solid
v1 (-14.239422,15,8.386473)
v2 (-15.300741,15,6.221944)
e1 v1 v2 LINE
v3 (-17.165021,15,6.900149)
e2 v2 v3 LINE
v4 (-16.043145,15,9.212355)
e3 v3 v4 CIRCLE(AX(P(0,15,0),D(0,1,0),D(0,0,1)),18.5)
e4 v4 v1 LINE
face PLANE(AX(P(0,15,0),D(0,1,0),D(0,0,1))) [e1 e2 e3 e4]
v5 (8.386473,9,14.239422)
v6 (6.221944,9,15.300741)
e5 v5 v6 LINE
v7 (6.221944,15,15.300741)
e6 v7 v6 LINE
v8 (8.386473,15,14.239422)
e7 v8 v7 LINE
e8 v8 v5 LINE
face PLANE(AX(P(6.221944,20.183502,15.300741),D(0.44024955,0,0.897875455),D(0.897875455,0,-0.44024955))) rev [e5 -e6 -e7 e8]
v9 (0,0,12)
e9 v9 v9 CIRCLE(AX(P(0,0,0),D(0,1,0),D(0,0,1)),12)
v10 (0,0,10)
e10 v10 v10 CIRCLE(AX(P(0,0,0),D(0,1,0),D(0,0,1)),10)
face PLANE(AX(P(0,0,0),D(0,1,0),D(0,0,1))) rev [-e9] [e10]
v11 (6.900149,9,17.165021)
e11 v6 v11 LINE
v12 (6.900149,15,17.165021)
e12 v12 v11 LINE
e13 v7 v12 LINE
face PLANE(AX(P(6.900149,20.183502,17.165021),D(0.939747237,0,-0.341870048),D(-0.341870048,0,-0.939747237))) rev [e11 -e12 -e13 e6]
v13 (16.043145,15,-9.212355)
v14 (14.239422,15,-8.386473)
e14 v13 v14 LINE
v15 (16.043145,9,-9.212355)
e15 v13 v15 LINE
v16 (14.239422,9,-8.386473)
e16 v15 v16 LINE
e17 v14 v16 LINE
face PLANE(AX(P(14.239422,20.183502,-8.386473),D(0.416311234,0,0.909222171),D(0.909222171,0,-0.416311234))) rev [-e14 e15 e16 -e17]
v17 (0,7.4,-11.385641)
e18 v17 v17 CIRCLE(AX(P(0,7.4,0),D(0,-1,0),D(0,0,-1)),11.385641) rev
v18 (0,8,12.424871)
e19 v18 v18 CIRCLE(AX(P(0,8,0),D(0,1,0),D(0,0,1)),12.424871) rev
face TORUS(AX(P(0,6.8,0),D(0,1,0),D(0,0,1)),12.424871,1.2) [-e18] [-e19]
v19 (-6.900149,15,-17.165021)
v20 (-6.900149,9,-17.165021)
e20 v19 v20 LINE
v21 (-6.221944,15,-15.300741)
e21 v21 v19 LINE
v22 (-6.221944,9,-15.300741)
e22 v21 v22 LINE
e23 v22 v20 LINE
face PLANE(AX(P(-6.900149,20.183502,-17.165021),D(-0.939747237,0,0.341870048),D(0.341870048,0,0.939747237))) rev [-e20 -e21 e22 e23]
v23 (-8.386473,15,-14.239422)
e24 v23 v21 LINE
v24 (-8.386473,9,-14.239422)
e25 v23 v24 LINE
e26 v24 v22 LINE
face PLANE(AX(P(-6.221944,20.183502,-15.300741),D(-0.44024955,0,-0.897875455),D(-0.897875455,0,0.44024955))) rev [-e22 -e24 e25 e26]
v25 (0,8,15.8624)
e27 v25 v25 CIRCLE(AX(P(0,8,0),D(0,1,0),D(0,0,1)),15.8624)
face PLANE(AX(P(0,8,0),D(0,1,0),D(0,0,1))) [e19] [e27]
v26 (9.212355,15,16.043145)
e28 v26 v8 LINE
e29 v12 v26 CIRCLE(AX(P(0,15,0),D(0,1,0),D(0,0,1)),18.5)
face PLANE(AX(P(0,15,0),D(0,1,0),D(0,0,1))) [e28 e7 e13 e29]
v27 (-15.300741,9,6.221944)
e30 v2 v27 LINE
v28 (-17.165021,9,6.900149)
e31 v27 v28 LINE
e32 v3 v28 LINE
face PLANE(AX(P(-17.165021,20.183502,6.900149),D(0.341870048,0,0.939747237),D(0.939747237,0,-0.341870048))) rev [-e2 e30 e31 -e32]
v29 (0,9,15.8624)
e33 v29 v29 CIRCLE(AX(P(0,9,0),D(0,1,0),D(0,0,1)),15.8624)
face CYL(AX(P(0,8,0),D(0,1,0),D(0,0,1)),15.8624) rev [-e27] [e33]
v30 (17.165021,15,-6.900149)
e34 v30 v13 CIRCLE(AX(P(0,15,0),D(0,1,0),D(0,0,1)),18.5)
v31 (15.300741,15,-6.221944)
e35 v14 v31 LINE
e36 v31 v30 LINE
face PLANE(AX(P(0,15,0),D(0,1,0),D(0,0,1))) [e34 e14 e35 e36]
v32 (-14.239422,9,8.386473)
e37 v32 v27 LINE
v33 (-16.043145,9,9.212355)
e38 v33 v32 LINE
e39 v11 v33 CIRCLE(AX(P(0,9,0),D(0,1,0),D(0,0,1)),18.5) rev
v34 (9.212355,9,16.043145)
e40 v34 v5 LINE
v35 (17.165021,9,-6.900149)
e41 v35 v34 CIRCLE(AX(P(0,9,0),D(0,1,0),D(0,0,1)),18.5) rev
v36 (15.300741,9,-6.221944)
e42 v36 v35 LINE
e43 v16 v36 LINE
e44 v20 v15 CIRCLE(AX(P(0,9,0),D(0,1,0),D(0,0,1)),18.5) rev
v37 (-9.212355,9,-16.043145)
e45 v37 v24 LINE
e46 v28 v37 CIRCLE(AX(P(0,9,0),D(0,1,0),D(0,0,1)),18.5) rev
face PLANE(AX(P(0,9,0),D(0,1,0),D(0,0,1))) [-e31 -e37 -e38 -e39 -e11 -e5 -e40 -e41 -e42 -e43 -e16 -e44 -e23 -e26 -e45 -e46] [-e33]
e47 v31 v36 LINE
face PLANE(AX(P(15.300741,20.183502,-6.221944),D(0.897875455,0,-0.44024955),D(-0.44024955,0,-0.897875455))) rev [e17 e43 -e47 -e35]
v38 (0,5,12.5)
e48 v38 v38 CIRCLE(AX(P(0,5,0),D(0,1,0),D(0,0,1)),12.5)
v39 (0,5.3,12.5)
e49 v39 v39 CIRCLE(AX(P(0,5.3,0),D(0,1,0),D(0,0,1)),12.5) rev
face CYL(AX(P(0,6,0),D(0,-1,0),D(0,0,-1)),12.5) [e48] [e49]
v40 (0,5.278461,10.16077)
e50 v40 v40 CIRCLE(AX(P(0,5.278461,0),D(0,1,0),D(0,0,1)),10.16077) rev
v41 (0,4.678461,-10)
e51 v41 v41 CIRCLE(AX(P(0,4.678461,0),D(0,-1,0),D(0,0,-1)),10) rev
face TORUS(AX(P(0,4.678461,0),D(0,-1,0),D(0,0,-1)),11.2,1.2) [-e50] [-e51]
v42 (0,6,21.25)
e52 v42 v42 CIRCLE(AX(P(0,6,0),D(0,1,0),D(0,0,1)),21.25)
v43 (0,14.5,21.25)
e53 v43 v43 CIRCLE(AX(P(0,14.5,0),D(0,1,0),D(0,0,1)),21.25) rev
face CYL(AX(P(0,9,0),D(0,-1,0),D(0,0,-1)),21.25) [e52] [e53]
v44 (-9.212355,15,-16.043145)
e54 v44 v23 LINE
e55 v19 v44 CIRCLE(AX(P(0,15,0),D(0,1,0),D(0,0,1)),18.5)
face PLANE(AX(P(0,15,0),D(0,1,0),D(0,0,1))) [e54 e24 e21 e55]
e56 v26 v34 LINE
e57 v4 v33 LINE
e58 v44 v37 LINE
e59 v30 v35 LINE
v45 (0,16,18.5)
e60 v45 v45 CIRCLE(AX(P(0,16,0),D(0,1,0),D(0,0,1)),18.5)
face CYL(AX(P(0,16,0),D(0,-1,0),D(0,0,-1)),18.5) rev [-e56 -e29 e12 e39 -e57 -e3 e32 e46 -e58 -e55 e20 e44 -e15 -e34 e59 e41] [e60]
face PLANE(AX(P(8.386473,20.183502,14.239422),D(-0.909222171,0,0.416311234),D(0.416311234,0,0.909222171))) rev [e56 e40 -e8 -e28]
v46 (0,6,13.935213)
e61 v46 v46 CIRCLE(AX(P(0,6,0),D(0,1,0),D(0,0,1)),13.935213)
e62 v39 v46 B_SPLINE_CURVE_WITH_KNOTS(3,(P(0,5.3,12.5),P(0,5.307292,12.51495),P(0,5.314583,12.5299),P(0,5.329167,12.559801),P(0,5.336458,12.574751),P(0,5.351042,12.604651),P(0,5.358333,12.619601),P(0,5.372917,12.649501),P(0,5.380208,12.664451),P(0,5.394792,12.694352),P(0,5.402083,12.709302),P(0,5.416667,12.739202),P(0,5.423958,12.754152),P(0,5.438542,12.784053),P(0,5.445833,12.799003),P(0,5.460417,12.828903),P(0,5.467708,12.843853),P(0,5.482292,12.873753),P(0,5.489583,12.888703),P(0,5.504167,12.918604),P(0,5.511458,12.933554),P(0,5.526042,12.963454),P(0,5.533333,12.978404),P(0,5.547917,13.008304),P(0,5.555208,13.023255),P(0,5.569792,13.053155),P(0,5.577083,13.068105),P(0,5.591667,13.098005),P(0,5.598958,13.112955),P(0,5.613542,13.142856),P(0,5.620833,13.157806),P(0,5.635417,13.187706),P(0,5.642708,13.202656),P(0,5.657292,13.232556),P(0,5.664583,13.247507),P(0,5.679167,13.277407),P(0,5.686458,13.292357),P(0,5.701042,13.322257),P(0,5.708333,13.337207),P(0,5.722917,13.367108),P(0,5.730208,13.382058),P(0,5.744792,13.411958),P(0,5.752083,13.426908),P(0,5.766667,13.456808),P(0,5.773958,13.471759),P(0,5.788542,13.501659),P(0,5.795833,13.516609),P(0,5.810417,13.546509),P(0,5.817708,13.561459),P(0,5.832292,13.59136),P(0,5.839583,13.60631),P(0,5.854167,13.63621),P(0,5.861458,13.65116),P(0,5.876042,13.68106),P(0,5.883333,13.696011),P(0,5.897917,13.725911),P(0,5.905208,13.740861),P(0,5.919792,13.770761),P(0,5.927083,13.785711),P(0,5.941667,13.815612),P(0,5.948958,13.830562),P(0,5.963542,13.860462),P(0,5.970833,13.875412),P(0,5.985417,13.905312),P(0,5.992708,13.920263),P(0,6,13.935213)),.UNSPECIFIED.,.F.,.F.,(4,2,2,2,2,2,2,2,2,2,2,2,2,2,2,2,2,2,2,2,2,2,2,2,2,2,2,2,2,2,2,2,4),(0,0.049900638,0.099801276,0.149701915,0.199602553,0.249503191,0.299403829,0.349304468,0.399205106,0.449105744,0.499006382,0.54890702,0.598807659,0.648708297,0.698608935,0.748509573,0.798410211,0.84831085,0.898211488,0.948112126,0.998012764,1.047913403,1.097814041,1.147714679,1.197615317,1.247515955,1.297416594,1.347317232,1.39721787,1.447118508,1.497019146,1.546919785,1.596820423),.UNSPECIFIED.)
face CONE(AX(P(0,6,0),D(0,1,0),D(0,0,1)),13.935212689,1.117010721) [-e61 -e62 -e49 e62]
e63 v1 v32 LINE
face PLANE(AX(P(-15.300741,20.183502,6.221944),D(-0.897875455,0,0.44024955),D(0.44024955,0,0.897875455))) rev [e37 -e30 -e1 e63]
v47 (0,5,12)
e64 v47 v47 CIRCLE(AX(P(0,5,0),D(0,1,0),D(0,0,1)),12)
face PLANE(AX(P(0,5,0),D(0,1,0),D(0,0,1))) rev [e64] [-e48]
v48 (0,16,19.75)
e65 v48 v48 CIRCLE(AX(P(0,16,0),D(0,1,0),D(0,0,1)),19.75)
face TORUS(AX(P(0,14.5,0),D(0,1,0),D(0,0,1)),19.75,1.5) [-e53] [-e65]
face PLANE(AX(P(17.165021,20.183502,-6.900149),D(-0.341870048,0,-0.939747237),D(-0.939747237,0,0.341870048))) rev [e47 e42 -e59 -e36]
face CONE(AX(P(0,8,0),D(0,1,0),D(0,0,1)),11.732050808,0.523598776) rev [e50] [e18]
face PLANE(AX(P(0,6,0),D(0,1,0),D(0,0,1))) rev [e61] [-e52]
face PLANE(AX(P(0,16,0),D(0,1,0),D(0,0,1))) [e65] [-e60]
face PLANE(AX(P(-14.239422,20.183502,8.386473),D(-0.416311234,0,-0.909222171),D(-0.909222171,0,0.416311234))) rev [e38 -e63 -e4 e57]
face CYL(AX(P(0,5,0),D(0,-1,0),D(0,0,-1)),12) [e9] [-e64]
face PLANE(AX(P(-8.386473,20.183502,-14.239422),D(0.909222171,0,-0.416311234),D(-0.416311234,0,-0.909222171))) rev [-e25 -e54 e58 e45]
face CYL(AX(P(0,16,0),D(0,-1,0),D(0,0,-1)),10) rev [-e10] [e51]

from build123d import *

# Parameters (mm, degrees)
SKETCH1_R               = 12
BOSS_EXTRUDE1_DEPTH     = 5
SKETCH2_R               = 12.5
BOSS_EXTRUDE2_DEPTH     = 1
SKETCH6_R               = 21.25
SKETCH6_R_2             = 18.5
SKETCH6_R_3             = 12.5
BOSS_EXTRUDE7_DEPTH     = 3
SKETCH6_3_R             = 21.25
SKETCH6_3_R_2           = 18.5
BOSS_EXTRUDE8_DEPTH     = 10
CUT_EXTRUDE2_DEPTH      = 35.045924866
CUT_EXTRUDE2_DEPTH_BACK = 35.045924866
SKETCH7_R               = 10
BOSS_EXTRUDE9_DEPTH     = 6
CIRPATTERN1_COUNT       = 4
SKETCH10_R              = 15.862399731
CUT_EXTRUDE3_DEPTH      = 1
CHAMFER1_SIZE           = 3
CHAMFER1_SIZE2          = 1.732050808
CHAMFER2_SIZE           = 0.7
CHAMFER2_SIZE2          = 1.435212689
FILLET1_R               = 1.2
FILLET2_R               = 1.5


with BuildPart() as part:
    # Sketch1 → Boss-Extrude1 (new body)
    with BuildSketch(Plane(origin=(0, 0, 0), x_dir=(1, 0, 0), z_dir=(0, 1, 0))):
        with Locations(Location((0, 0, 0), (0, 0, 270))):
            Circle(SKETCH1_R)
    extrude(amount=BOSS_EXTRUDE1_DEPTH)

    # Sketch2 → Boss-Extrude2 (add)
    with BuildSketch(Plane(origin=(0, 5, 0), x_dir=(1, 0, 0), z_dir=(0, 1, 0))):
        with Locations(Location((0, 0, 0), (0, 0, 270))):
            Circle(SKETCH2_R)
    extrude(amount=BOSS_EXTRUDE2_DEPTH)

    # Sketch6 → Boss-Extrude7 (add)
    # profile 1 of 3: a face of its own
    with BuildSketch(Plane(origin=(0, 6, 0), x_dir=(1, 0, 0), z_dir=(0, 1, 0))):
        with Locations(Location((0, 0, 0), (0, 0, 270))):
            Circle(SKETCH6_R)
        Circle(SKETCH6_R_2, mode=Mode.SUBTRACT)
    # profile 2 of 3: a face of its own
    with BuildSketch(Plane(origin=(0, 6, 0), x_dir=(1, 0, 0), z_dir=(0, 1, 0))):
        Circle(SKETCH6_R_2)
        with Locations(Location((0, 0, 0), (0, 0, 270))):
            Circle(SKETCH6_R_3, mode=Mode.SUBTRACT)
    # profile 3 of 3: a face of its own
    with BuildSketch(Plane(origin=(0, 6, 0), x_dir=(1, 0, 0), z_dir=(0, 1, 0))):
        with Locations(Location((0, 0, 0), (0, 0, 270))):
            Circle(SKETCH6_R_3)
    extrude(amount=BOSS_EXTRUDE7_DEPTH)

    # Sketch6<3> → Boss-Extrude8 (add)
    with BuildSketch(Plane(origin=(0, 6, 0), x_dir=(1, 0, 0), z_dir=(0, 1, 0))):
        with Locations(Location((0, 0, 0), (0, 0, 270))):
            Circle(SKETCH6_3_R)
        with Locations(Location((0, 0, 0), (0, 0, 270))):
            Circle(SKETCH6_3_R_2, mode=Mode.SUBTRACT)
    extrude(amount=BOSS_EXTRUDE8_DEPTH)

    # Sketch7 → Cut-Extrude2 (cut, two sides: drawn at the far end of the back side and taken through both)
    with BuildSketch(Plane.XZ.offset(-CUT_EXTRUDE2_DEPTH_BACK)):
        with Locations(Location((0, 0, 0), (0, 0, 90))):
            Circle(SKETCH7_R)
    extrude(amount=CUT_EXTRUDE2_DEPTH + CUT_EXTRUDE2_DEPTH_BACK, mode=Mode.SUBTRACT)

    # Sketch8 → Boss-Extrude9 (add)
    with BuildSketch(Plane(origin=(0, 9, 0), x_dir=(1, 0, 0), z_dir=(0, 1, 0))):
        with BuildLine():
            Line((17.165020759, 6.900149443), (15.300741035, 6.221944311))
            Line((15.300741035, 6.221944311), (14.239421514, 8.386472924))
            Line((14.239421514, 8.386472924), (16.043145314, 9.212355205))
            ThreePointArc((16.043145314, 9.212355205), (16.652877744, 8.079927373), (17.165020759, 6.900149443))
        make_face()
    boss_extrude9 = extrude(amount=BOSS_EXTRUDE9_DEPTH)

    # CirPattern1: Boss-Extrude9 ×4 about axis
    cirpattern1_axis = Axis((0, 0, 0), (0, 1, 0))
    for i in range(1, CIRPATTERN1_COUNT):
        add(boss_extrude9.rotate(cirpattern1_axis, i * 360 / CIRPATTERN1_COUNT))

    # Sketch10 → Cut-Extrude3 (cut)
    with BuildSketch(Plane(origin=(0, 9, 0), x_dir=(1, 0, 0), z_dir=(0, 1, 0))):
        with Locations(Location((0, 0, 0), (0, 0, 270))):
            Circle(SKETCH10_R)
    extrude(amount=-CUT_EXTRUDE3_DEPTH, mode=Mode.SUBTRACT)

    # Chamfer1
    chamfer1_edges = [part.edges().sort_by_distance(p)[0] for p in [
        (0, 8, -10),
    ]]
    chamfer1_side = [part.faces().sort_by_distance(p)[0] for p in [
        (0, 4, -10),
    ]]
    chamfer(chamfer1_edges, length=CHAMFER1_SIZE, length2=CHAMFER1_SIZE2, reference=chamfer1_side[0])

    # Chamfer2
    chamfer2_edges = [part.edges().sort_by_distance(p)[0] for p in [
        (0, 6, -12.5),
    ]]
    chamfer2_side = [part.faces().sort_by_distance(p)[0] for p in [
        (0, 5.5, -12.5),
    ]]
    chamfer(chamfer2_edges, length=CHAMFER2_SIZE, length2=CHAMFER2_SIZE2, reference=chamfer2_side[0])

    # Fillet1
    fillet1_edges = [part.edges().sort_by_distance(p)[0] for p in [
        (0, 8, -11.732050808),
        (0, 5, -10),
    ]]
    fillet(fillet1_edges, radius=FILLET1_R)

    # Fillet2
    fillet2_edges = [part.edges().sort_by_distance(p)[0] for p in [
        (0, 16, -21.25),
    ]]
    fillet(fillet2_edges, radius=FILLET2_R)


solid = part.part
